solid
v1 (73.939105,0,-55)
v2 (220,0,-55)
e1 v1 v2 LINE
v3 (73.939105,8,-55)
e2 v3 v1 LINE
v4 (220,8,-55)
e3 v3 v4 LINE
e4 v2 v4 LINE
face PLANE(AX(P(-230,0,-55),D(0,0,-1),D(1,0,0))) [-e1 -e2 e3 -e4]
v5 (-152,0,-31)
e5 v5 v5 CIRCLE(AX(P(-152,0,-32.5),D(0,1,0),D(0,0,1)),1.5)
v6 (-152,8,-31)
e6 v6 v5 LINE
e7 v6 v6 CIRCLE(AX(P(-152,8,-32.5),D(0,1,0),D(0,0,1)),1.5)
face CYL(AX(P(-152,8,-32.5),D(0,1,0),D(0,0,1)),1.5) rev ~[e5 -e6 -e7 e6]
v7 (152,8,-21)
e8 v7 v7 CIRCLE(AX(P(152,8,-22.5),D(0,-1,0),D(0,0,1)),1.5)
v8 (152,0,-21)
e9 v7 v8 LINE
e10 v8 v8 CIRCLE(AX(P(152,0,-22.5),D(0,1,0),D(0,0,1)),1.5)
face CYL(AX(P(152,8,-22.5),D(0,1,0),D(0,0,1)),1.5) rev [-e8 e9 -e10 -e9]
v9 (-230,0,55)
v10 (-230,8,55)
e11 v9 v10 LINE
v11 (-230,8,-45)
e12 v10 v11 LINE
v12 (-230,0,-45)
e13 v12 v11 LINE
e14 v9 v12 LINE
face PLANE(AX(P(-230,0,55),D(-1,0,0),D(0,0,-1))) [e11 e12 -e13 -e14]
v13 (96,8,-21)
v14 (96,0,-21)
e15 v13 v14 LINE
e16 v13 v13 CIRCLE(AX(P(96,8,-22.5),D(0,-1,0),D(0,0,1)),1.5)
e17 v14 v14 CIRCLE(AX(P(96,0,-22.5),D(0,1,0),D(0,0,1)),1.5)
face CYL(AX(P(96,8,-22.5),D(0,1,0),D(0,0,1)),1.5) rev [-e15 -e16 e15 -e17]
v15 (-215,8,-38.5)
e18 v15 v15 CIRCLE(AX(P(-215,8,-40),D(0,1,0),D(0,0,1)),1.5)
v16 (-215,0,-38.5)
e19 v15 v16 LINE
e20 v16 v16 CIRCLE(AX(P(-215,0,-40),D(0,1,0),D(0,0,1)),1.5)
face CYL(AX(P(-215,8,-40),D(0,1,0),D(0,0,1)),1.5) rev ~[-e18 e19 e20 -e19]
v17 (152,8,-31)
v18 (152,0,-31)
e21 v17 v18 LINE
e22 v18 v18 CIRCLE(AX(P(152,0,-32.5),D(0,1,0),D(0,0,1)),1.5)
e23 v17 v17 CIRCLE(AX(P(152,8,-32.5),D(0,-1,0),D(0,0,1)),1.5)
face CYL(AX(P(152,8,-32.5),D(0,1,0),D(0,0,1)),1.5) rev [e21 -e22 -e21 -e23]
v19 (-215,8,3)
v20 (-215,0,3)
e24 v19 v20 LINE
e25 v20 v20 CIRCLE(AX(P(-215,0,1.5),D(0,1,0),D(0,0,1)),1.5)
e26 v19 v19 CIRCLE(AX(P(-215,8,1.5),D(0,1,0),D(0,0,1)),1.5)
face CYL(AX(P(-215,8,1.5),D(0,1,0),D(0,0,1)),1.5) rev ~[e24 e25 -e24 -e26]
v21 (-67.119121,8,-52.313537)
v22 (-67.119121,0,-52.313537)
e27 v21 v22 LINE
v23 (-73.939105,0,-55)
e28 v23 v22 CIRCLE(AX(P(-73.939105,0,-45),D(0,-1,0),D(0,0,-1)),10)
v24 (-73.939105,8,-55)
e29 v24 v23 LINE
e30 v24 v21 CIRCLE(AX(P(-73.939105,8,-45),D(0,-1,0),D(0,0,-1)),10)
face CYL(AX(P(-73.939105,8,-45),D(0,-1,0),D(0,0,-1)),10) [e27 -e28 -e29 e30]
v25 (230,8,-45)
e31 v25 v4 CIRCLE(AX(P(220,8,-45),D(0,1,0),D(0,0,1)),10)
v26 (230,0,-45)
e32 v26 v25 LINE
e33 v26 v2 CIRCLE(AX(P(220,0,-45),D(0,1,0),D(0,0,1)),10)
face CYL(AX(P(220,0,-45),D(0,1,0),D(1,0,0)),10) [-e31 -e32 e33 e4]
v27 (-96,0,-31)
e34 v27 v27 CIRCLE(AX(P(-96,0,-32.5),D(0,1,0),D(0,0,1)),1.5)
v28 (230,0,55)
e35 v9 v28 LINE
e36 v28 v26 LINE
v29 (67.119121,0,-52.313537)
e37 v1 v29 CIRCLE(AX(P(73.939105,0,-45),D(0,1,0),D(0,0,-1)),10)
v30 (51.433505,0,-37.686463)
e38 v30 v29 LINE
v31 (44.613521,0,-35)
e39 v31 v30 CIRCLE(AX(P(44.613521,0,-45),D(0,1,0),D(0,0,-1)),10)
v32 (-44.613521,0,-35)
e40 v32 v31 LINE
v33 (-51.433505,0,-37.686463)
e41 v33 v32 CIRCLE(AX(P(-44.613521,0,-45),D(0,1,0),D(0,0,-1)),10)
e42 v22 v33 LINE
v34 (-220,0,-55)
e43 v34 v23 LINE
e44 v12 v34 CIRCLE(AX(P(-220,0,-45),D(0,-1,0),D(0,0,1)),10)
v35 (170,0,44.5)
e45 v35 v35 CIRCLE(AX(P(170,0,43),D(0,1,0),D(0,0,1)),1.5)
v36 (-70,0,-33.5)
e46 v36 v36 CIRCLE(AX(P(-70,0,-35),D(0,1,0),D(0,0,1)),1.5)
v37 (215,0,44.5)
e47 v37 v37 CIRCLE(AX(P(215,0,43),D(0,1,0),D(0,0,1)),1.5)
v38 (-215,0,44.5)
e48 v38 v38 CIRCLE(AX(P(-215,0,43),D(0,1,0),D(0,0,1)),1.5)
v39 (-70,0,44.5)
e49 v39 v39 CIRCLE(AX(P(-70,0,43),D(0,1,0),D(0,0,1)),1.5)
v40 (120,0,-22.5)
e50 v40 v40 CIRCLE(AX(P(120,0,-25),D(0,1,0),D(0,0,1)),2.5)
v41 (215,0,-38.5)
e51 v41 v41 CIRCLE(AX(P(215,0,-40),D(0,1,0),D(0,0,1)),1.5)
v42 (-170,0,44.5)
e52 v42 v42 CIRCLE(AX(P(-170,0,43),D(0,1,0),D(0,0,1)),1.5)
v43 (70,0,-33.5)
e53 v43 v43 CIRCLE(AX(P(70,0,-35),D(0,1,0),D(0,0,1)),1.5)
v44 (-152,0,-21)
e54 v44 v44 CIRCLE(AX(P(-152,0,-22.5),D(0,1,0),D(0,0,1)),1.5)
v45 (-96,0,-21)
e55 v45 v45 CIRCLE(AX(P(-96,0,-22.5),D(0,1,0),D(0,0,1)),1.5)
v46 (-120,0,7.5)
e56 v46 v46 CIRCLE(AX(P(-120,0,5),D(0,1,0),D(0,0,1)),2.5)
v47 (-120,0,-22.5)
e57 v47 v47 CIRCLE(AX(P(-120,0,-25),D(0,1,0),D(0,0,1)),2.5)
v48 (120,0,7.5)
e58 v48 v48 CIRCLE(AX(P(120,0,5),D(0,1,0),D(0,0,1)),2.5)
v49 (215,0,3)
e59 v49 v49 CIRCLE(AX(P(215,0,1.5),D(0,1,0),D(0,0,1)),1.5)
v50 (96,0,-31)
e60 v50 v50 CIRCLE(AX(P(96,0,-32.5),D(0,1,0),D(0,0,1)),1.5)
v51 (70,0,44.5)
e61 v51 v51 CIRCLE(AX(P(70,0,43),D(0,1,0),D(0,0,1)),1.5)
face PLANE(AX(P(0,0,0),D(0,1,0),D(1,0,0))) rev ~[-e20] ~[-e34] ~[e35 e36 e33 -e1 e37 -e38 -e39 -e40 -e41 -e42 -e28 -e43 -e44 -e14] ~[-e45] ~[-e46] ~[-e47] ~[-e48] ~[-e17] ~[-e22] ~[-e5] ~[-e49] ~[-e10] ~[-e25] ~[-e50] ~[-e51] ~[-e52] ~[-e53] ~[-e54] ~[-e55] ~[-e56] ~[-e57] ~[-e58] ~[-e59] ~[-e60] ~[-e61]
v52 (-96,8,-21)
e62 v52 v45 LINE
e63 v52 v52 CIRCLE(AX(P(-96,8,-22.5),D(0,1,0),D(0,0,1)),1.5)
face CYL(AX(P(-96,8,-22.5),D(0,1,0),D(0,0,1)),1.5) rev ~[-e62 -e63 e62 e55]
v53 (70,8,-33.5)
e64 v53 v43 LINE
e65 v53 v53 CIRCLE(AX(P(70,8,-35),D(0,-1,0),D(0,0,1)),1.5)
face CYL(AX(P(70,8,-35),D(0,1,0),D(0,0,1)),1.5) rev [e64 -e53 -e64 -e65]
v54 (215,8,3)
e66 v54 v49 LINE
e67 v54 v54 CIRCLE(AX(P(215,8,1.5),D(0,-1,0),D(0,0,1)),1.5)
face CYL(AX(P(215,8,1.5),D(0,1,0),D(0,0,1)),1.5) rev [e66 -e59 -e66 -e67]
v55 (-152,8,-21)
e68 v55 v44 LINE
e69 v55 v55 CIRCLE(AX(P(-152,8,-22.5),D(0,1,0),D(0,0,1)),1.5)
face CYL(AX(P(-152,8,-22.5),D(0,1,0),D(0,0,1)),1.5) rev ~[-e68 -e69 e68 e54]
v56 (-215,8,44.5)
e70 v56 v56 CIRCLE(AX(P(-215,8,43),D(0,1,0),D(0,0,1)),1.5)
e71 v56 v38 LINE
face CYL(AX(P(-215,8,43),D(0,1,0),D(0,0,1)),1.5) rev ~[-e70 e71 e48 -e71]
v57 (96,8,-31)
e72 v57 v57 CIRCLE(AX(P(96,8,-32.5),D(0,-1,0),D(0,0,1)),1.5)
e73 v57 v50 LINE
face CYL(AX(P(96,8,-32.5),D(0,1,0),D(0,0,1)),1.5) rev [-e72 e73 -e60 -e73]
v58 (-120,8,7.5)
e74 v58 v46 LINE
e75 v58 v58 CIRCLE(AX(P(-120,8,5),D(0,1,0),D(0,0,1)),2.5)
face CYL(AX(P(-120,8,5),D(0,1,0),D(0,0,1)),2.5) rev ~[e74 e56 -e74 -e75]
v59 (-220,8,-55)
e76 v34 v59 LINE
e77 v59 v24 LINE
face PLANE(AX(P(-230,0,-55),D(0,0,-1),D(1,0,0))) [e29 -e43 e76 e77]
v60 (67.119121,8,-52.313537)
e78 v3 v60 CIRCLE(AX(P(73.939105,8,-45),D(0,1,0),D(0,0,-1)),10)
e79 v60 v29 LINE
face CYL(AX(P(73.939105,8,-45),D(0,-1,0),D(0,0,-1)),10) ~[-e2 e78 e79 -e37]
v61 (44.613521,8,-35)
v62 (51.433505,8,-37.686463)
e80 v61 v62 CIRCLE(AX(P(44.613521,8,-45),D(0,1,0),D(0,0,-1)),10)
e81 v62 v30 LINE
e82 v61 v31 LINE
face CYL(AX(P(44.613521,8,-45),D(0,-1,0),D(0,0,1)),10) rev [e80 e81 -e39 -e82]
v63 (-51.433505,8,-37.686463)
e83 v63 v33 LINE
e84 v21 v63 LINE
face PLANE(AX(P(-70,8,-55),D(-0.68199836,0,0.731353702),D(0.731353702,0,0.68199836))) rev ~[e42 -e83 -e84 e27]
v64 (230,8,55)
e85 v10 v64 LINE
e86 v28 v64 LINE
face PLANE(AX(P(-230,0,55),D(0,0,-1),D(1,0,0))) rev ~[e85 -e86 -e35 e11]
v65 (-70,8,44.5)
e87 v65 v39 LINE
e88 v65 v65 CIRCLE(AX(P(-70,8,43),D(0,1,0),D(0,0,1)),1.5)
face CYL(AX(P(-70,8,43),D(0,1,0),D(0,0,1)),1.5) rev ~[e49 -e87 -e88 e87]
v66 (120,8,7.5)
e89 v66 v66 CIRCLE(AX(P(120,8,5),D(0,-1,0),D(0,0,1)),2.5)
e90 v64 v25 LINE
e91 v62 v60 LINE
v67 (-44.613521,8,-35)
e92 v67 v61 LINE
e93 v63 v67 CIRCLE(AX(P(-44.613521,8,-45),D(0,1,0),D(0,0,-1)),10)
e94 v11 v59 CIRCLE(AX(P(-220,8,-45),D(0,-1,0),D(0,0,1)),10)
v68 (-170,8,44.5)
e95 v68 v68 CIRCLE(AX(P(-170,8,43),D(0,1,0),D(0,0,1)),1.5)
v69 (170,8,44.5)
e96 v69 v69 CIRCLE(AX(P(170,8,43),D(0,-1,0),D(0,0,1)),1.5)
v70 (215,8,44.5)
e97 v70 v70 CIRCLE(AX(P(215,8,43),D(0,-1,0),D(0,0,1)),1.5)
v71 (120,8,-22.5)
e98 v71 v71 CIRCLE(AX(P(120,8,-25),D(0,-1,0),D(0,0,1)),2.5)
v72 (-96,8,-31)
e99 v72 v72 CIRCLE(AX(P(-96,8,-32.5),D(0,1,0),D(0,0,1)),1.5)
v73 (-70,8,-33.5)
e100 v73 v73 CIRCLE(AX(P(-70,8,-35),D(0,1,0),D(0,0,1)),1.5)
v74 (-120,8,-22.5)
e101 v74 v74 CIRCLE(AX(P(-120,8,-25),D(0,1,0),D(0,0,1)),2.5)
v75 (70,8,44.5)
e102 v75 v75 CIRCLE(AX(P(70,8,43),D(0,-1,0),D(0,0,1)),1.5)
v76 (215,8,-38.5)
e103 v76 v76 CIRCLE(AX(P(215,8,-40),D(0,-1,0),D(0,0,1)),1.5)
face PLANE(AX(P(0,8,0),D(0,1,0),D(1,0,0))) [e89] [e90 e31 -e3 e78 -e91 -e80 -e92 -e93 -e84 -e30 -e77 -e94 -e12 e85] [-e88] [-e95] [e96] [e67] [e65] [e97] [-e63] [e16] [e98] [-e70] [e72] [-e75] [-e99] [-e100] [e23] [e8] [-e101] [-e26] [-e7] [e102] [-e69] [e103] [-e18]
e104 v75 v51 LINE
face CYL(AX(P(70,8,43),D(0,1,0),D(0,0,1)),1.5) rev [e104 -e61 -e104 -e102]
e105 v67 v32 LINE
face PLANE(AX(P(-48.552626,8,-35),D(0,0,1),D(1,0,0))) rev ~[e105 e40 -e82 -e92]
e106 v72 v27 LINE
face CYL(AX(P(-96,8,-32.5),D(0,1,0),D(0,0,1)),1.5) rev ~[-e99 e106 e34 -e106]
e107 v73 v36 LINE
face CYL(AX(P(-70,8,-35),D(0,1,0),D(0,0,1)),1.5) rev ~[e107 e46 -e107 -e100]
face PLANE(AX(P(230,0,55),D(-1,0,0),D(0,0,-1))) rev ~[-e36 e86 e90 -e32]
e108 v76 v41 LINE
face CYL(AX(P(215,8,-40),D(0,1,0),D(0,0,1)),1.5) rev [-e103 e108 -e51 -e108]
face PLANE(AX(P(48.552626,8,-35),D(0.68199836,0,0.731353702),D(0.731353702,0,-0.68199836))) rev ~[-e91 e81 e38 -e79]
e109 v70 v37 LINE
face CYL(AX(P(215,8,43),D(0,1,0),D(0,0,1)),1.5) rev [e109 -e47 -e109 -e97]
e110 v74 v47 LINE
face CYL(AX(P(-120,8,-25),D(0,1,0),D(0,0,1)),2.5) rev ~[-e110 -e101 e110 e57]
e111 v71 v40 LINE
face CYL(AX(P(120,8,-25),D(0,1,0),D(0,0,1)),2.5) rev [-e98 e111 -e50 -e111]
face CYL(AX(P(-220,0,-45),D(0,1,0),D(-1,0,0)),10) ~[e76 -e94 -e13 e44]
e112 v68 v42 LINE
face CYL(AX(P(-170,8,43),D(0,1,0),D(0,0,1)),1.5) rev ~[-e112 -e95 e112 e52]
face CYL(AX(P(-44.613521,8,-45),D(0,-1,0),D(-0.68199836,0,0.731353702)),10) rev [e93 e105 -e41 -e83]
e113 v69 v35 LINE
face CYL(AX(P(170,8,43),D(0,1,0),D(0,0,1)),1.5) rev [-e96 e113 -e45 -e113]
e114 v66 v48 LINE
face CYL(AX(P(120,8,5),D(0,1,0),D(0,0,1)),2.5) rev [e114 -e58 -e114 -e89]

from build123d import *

# Parameters (mm, degrees)
SKETCH_2_W          = 460
SKETCH_2_H          = 110
EXTRUDE_1_DEPTH     = 8
SKETCH_4_R          = 1.5
CUT_EXTRUDE_1_DEPTH = 237.619948441
SKETCH_3_R          = 2.5
SKETCH_3_R_2        = 1.5
CUT_EXTRUDE_2_DEPTH = 237.619948441
FILLET_1_R          = 10


with BuildPart() as part:
    # 草图2 → 凸台-拉伸1 (new body)
    with BuildSketch(Plane(origin=(0, 0, 0), x_dir=(1, 0, 0), z_dir=(0, 1, 0))):
        Rectangle(SKETCH_2_W, SKETCH_2_H)
    extrude(amount=EXTRUDE_1_DEPTH)

    # 草图4 → 切除-拉伸1 (cut, through all)
    with BuildSketch(Plane(origin=(0, 8, 0), x_dir=(1, 0, 0), z_dir=(0, 1, 0))):
        with Locations(Location((-70, 35, 0), (0, 0, 270))):
            Circle(SKETCH_4_R)
        with Locations(Location((-70, -43, 0), (0, 0, 270))):
            Circle(SKETCH_4_R)
        with Locations(Location((-215, -43, 0), (0, 0, 270))):
            Circle(SKETCH_4_R)
        with Locations(Location((-215, 40, 0), (0, 0, 270))):
            Circle(SKETCH_4_R)
        with Locations(Location((-170, -43, 0), (0, 0, 270))):
            Circle(SKETCH_4_R)
        with Locations(Location((-215, -1.5, 0), (0, 0, 270))):
            Circle(SKETCH_4_R)
    cut_extrude_1 = extrude(amount=-CUT_EXTRUDE_1_DEPTH, mode=Mode.SUBTRACT)

    # 草图3 → 切除-拉伸2 (cut, through all)
    with BuildSketch(Plane(origin=(0, 8, 0), x_dir=(1, 0, 0), z_dir=(0, 1, 0))):
        with Locations(Location((-120, 25, 0), (0, 0, 270))):
            Circle(SKETCH_3_R)
        with Locations(Location((-120, -5, 0), (0, 0, 270))):
            Circle(SKETCH_3_R)
        with Locations(Location((-152, 32.5, 0), (0, 0, 270))):
            Circle(SKETCH_3_R_2)
        with Locations(Location((-152, 22.5, 0), (0, 0, 270))):
            Circle(SKETCH_3_R_2)
        with Locations(Location((-96, 32.5, 0), (0, 0, 270))):
            Circle(SKETCH_3_R_2)
        with Locations(Location((-96, 22.5, 0), (0, 0, 270))):
            Circle(SKETCH_3_R_2)
        Polygon((-70, 55), (-48.5526258, 35), (48.5526258, 35), (70, 55), align=None)
    cut_extrude_2 = extrude(amount=-CUT_EXTRUDE_2_DEPTH, mode=Mode.SUBTRACT)

    # 镜向1: 切除-拉伸1, 切除-拉伸2 across plane
    add(cut_extrude_1.mirror(Plane(origin=(0, 0, 0), x_dir=(0, 0, 1), z_dir=(1, 0, 0))), mode=Mode.SUBTRACT)
    add(cut_extrude_2.mirror(Plane(origin=(0, 0, 0), x_dir=(0, 0, 1), z_dir=(1, 0, 0))), mode=Mode.SUBTRACT)

    # 圆角1
    fillet_1_edges = [part.edges().sort_by_distance(p)[0] for p in [
        (-70, 4, -55),
        (70, 4, -55),
        (48.5526258, 4, -35),
        (-48.5526258, 4, -35),
        (-230, 4, -55),
        (230, 4, -55),
    ]]
    fillet(fillet_1_edges, radius=FILLET_1_R)


solid = part.part
